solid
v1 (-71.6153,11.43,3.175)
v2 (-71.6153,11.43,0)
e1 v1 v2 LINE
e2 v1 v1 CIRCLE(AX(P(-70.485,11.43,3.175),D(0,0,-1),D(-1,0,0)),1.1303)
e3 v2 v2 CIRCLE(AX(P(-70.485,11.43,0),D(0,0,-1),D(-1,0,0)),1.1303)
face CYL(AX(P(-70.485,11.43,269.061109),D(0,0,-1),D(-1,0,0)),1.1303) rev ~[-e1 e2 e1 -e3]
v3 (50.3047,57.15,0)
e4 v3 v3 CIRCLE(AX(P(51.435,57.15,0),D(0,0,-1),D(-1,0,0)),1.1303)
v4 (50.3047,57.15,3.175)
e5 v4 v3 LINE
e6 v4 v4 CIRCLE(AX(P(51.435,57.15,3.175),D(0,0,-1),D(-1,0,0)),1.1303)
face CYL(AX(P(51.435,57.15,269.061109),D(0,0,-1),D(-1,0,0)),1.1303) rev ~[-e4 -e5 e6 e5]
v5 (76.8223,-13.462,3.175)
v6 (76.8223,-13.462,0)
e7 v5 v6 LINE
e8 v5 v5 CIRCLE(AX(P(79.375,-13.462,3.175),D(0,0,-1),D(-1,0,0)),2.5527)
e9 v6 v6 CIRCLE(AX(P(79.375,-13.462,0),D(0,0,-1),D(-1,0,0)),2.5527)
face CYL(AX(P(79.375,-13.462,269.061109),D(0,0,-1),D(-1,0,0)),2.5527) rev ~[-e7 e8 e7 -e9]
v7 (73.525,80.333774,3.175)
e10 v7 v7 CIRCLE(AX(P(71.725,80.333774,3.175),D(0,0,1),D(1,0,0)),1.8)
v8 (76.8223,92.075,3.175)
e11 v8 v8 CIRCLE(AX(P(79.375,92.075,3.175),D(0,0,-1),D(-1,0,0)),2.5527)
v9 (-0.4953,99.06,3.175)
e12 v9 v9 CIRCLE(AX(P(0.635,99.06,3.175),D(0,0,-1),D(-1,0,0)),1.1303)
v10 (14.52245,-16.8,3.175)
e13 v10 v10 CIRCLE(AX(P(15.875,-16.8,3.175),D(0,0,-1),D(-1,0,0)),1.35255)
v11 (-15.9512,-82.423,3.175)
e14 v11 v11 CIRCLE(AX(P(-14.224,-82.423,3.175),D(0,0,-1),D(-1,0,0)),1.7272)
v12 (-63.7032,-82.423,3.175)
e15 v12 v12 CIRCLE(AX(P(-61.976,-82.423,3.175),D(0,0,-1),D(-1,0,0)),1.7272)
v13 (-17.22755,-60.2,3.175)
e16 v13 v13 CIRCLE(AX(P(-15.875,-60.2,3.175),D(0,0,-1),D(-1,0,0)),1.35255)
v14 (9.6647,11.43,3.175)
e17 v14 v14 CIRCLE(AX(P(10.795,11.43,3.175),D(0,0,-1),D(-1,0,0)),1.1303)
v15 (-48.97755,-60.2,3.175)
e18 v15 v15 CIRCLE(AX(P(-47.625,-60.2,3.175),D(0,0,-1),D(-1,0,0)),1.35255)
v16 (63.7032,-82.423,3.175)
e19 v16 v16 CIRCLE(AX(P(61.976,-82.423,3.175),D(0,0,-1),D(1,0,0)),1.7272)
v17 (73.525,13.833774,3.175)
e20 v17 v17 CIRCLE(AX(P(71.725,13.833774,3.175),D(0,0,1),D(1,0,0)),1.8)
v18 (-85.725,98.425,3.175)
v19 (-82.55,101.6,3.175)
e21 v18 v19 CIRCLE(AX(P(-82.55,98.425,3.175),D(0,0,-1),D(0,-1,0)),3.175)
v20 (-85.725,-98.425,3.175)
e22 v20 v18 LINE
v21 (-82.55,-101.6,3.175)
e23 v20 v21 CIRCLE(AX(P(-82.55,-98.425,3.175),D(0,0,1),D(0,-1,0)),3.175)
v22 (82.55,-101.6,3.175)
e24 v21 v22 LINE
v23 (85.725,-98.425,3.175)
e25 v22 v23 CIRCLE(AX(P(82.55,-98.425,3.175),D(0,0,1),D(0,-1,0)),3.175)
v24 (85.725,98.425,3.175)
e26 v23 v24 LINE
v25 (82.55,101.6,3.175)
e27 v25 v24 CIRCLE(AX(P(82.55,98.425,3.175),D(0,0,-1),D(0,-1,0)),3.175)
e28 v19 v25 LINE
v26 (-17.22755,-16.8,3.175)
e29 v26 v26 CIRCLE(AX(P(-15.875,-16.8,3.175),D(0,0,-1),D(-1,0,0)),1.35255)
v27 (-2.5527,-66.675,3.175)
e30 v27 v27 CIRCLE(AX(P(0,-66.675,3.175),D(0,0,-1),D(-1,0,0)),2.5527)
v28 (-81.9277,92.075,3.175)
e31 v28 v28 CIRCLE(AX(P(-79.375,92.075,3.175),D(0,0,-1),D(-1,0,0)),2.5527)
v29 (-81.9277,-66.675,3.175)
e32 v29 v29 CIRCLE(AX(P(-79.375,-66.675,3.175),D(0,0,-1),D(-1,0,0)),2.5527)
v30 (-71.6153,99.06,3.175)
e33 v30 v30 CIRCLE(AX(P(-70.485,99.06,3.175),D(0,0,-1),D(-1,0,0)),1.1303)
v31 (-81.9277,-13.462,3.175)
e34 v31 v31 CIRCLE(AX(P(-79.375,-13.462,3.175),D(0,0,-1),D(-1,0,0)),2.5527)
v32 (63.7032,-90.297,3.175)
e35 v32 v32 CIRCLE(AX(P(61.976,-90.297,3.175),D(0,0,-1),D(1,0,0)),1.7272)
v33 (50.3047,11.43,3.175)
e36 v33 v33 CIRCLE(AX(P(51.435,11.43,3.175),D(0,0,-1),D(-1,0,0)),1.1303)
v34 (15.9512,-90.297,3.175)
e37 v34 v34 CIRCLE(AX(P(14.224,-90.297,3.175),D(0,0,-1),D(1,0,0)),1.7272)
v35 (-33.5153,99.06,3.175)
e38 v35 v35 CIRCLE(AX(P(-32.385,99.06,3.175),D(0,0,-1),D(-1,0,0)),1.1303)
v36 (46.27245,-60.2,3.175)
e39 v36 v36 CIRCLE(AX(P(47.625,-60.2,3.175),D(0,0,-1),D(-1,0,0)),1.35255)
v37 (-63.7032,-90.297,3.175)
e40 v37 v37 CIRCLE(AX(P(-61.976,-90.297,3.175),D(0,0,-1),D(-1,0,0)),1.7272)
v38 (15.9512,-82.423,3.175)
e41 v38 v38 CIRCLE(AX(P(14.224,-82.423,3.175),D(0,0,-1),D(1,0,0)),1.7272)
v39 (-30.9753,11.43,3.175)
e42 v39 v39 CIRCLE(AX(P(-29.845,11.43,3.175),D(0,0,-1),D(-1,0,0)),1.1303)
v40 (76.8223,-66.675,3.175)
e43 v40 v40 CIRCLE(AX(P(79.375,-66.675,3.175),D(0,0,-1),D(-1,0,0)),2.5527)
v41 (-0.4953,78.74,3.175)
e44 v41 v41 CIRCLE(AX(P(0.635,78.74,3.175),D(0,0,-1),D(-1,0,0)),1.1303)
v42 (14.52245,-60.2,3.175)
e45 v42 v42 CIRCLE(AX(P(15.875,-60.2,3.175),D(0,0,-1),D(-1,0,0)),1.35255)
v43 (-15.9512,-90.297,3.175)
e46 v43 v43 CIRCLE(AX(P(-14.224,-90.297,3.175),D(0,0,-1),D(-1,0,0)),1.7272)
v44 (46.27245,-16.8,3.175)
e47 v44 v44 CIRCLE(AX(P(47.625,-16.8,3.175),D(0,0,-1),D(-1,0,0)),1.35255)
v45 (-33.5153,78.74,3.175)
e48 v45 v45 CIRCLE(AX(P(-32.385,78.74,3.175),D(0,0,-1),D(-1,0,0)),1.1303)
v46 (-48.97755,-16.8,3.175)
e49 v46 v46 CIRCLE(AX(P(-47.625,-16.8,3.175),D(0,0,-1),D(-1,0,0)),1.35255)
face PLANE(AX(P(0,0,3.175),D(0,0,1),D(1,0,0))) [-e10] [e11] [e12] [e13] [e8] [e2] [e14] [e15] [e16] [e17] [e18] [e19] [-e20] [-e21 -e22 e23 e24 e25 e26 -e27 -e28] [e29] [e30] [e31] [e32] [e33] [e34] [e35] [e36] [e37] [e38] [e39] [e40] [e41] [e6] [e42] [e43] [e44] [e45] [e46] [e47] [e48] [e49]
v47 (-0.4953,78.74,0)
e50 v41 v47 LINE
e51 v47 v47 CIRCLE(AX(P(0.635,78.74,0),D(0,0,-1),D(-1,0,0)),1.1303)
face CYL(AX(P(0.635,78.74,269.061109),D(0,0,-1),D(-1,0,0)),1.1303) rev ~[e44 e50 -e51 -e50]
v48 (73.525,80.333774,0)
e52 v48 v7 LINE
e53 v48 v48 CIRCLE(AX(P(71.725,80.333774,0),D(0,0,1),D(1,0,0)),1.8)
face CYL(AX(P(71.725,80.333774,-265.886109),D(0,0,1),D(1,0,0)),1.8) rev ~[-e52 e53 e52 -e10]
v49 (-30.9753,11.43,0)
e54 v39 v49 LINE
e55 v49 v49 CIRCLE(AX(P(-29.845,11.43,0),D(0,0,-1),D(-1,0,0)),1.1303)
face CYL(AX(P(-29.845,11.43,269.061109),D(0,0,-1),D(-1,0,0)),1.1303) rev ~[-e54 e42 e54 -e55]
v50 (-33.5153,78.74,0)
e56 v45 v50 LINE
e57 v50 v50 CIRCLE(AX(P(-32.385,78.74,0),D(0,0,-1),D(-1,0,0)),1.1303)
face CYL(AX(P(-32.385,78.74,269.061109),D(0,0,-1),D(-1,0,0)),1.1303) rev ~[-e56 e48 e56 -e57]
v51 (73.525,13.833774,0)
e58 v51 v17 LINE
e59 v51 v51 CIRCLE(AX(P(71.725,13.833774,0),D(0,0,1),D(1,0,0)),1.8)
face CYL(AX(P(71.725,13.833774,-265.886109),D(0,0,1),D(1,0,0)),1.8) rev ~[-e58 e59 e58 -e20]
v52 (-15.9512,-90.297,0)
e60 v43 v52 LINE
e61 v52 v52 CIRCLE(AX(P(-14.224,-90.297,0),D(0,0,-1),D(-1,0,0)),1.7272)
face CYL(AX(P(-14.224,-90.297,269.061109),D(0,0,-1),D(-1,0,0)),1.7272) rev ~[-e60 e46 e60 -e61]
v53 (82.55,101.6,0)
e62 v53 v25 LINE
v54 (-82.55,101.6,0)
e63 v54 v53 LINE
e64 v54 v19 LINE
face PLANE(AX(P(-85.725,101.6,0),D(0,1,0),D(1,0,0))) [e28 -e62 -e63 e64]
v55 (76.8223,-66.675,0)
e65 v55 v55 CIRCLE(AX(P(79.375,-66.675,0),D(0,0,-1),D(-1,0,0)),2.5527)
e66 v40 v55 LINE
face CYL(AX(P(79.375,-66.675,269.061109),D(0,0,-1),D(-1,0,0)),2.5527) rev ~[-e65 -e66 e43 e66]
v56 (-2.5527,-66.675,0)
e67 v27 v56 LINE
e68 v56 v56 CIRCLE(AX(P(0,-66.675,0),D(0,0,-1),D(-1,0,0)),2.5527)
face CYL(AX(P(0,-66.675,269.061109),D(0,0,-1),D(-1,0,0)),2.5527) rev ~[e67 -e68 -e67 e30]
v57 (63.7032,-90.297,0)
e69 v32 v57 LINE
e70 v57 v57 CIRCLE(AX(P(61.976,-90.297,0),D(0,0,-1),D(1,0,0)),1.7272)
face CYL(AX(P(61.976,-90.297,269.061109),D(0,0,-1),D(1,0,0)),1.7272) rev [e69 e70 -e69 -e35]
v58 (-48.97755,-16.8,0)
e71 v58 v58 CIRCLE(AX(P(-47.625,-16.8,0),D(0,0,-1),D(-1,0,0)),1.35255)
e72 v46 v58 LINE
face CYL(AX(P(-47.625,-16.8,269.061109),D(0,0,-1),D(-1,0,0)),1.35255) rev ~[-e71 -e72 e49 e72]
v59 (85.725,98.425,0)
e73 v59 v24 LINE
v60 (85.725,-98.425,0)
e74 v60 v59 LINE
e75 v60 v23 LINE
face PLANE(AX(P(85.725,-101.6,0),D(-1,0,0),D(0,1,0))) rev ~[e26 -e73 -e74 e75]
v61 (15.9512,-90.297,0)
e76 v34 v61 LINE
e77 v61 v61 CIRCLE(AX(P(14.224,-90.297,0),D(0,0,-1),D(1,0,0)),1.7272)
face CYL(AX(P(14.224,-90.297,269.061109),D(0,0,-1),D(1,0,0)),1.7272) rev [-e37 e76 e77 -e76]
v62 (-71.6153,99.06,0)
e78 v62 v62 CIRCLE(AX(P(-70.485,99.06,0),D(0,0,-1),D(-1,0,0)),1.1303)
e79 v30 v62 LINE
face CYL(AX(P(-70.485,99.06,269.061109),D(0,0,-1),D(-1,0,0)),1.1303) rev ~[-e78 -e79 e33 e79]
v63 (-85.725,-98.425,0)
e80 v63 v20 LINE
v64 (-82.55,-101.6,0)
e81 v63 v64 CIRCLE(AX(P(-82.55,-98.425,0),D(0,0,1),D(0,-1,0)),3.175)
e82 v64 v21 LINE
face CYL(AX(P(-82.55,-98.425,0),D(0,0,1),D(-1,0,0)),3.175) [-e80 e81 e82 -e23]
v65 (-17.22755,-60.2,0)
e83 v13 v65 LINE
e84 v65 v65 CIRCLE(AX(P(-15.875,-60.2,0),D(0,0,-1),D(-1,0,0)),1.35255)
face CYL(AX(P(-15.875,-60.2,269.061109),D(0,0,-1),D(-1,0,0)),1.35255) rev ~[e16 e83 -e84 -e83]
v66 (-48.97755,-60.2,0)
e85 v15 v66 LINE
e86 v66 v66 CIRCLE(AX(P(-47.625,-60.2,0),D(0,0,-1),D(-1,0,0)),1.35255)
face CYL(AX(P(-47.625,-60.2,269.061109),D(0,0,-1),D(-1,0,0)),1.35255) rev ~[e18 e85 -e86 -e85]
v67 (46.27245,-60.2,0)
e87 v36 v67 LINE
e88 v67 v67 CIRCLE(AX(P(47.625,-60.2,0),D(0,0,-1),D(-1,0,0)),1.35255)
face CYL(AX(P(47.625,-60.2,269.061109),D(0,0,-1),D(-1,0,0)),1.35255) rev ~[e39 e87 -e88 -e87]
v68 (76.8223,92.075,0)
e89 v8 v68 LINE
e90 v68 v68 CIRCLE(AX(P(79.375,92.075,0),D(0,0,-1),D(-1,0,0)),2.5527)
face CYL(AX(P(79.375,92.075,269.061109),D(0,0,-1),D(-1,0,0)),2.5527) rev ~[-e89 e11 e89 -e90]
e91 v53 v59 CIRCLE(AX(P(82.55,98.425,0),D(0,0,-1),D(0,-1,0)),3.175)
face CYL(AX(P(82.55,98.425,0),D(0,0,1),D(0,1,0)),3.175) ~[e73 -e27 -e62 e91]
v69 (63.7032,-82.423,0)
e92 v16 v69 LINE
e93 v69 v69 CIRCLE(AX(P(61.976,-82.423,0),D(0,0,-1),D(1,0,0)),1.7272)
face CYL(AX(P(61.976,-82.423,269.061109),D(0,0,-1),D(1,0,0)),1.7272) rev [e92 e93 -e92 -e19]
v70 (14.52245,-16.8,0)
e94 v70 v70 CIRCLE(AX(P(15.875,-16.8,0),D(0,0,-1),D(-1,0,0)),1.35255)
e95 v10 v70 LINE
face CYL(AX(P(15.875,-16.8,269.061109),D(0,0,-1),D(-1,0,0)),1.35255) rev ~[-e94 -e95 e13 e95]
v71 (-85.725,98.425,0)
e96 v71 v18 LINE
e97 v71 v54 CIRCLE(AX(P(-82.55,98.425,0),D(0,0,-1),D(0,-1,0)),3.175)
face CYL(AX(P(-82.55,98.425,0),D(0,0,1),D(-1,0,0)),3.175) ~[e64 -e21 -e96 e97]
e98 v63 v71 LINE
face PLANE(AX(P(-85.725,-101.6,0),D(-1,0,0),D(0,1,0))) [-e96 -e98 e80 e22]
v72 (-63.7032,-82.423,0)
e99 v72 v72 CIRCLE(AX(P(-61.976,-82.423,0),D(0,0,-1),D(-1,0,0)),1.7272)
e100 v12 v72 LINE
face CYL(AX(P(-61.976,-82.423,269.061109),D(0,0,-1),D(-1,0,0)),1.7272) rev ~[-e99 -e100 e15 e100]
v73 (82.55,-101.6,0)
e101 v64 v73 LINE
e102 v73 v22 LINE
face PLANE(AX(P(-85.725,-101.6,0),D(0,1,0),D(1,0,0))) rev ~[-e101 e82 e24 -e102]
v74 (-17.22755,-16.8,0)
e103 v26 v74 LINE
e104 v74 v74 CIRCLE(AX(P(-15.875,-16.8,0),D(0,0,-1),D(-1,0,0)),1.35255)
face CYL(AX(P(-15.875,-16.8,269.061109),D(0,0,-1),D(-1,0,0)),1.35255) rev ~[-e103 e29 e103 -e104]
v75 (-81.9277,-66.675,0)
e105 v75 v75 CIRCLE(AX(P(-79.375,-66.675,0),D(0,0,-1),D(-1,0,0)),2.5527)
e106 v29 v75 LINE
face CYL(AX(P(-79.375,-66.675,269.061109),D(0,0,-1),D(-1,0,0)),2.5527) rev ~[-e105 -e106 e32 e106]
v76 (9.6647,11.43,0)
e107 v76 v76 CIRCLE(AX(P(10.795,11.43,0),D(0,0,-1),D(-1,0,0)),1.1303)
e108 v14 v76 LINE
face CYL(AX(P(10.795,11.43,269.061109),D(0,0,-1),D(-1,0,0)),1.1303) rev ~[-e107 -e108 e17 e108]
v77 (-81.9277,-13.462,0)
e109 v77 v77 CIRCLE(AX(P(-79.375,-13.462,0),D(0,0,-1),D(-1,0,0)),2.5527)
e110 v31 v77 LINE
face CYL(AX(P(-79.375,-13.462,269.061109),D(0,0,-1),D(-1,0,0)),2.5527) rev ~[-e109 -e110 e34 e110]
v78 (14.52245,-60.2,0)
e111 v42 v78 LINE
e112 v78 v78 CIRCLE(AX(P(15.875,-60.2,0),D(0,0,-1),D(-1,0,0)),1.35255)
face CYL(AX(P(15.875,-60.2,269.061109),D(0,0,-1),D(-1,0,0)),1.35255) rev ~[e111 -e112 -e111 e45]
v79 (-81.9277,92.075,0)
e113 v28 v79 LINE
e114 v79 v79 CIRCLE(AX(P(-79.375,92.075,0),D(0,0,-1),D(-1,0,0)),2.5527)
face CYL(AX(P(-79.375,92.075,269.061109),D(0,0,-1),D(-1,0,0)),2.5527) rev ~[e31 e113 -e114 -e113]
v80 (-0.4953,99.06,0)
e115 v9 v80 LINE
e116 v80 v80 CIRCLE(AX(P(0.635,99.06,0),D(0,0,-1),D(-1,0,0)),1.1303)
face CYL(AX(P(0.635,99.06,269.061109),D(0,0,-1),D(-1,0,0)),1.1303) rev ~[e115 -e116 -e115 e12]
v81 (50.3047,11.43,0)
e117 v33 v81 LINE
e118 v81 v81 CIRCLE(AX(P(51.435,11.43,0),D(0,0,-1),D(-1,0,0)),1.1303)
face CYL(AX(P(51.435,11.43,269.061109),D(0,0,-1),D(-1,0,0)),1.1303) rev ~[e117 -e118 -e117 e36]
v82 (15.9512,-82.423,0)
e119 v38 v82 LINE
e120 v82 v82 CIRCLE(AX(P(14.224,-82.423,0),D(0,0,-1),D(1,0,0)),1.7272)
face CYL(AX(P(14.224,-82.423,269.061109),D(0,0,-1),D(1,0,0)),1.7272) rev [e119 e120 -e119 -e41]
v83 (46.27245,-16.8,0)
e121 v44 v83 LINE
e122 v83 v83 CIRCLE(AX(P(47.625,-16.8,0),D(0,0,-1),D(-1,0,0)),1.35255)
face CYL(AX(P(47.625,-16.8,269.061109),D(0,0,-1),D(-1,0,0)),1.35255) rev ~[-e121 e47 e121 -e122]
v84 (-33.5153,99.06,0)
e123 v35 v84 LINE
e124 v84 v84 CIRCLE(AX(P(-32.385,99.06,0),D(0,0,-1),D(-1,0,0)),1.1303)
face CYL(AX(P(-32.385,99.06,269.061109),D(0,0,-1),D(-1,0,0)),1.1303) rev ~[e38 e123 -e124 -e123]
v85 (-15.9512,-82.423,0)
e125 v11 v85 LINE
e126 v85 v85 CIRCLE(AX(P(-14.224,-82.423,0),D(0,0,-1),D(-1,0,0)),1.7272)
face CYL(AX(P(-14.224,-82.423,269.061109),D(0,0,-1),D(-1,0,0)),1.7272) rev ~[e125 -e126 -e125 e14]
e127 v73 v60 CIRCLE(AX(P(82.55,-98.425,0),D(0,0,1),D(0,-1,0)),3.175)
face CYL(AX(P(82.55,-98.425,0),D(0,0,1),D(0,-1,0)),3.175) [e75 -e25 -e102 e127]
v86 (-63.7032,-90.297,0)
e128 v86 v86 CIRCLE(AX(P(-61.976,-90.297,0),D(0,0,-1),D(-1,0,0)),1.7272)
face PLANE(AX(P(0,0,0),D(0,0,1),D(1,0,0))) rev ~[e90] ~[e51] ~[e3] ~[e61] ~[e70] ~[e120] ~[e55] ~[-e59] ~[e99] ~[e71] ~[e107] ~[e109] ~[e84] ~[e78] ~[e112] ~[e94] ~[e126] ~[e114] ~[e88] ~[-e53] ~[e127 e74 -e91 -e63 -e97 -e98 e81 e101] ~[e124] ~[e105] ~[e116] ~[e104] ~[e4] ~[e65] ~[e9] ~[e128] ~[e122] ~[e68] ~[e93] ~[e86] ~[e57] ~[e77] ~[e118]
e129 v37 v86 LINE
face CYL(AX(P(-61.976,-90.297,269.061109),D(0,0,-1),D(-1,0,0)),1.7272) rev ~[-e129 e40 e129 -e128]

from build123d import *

# Parameters (mm, degrees)
SKETCH1_W              = 171.45
SKETCH1_H              = 203.2
BOSS_EXTRUDE1_DEPTH    = 3.175
F_10_CLEARANCE_HOLE1_D = 5.1054
F_6_32_TAPPED_HOLE1_D  = 2.7051
LPATTERN1_COUNT        = 4
LPATTERN1_PITCH        = 31.75
F_8_32_TAPPED_HOLE1_D  = 3.4544
M3_CLEARANCE_HOLE1_D   = 3.6
FILLET1_R              = 3.175
F_4_40_TAPPED_HOLE1_D  = 2.2606


with BuildPart() as part:
    # Sketch1 → Boss-Extrude1 (new body)
    with BuildSketch(Plane.XY):
        Rectangle(SKETCH1_W, SKETCH1_H)
    extrude(amount=BOSS_EXTRUDE1_DEPTH)

    # #10 Clearance Hole1 (through all)
    with Locations(Plane.XY.offset(3.175)):
        with Locations((-79.375, 92.075), (79.375, 92.075), (79.375, -66.675), (-79.375, -66.675), (-79.375, -13.462), (79.375, -13.462), (0, -66.675)):
            Hole(F_10_CLEARANCE_HOLE1_D / 2)

    # #6-32 Tapped Hole1 (through all)
    with Locations(Plane.XY.offset(3.175)):
        with Locations((-47.625, -60.2), (-47.625, -16.8)):
            f_6_32_tapped_hole1 = Hole(F_6_32_TAPPED_HOLE1_D / 2)

    # LPattern1: #6-32 Tapped Hole1 ×4
    with Locations(*[(i * LPATTERN1_PITCH, 0, 0) for i in range(1, LPATTERN1_COUNT)]):
        add(f_6_32_tapped_hole1, mode=Mode.SUBTRACT)

    # #8-32 Tapped Hole1 (through all)
    with Locations(Plane.XY.offset(3.175)):
        with Locations((-61.976, -82.423), (-61.976, -90.297), (-14.224, -82.423), (-14.224, -90.297)):
            f_8_32_tapped_hole1 = Hole(F_8_32_TAPPED_HOLE1_D / 2)

    # Mirror1: #8-32 Tapped Hole1 across plane
    add(f_8_32_tapped_hole1.mirror(Plane(origin=(0, 0, 0), x_dir=(0, 0, 1), z_dir=(1, 0, 0))), mode=Mode.SUBTRACT)

    # M3 Clearance Hole1 (through all)
    with Locations(Plane(origin=(0, 0, 0), x_dir=(-1, 0, 0), z_dir=(0, 0, -1))):
        with Locations((-71.725, 80.33377417), (-71.725, 13.83377417)):
            Hole(M3_CLEARANCE_HOLE1_D / 2)

    # Fillet1
    fillet1_edges = [part.edges().sort_by_distance(p)[0] for p in [
        (85.725, -101.6, 1.5875),
        (-85.725, -101.6, 1.5875),
        (-85.725, 101.6, 1.5875),
        (85.725, 101.6, 1.5875),
    ]]
    fillet(fillet1_edges, radius=FILLET1_R)

    # #4-40 Tapped Hole1 (through all)
    with Locations(Plane.XY.offset(3.175)):
        with Locations((-70.485, 99.06), (-32.385, 78.74), (-32.385, 99.06), (0.635, 99.06), (0.635, 78.74), (-70.485, 11.43), (-29.845, 11.43), (10.795, 11.43), (51.435, 11.43), (51.435, 57.15)):
            Hole(F_4_40_TAPPED_HOLE1_D / 2)


solid = part.part
